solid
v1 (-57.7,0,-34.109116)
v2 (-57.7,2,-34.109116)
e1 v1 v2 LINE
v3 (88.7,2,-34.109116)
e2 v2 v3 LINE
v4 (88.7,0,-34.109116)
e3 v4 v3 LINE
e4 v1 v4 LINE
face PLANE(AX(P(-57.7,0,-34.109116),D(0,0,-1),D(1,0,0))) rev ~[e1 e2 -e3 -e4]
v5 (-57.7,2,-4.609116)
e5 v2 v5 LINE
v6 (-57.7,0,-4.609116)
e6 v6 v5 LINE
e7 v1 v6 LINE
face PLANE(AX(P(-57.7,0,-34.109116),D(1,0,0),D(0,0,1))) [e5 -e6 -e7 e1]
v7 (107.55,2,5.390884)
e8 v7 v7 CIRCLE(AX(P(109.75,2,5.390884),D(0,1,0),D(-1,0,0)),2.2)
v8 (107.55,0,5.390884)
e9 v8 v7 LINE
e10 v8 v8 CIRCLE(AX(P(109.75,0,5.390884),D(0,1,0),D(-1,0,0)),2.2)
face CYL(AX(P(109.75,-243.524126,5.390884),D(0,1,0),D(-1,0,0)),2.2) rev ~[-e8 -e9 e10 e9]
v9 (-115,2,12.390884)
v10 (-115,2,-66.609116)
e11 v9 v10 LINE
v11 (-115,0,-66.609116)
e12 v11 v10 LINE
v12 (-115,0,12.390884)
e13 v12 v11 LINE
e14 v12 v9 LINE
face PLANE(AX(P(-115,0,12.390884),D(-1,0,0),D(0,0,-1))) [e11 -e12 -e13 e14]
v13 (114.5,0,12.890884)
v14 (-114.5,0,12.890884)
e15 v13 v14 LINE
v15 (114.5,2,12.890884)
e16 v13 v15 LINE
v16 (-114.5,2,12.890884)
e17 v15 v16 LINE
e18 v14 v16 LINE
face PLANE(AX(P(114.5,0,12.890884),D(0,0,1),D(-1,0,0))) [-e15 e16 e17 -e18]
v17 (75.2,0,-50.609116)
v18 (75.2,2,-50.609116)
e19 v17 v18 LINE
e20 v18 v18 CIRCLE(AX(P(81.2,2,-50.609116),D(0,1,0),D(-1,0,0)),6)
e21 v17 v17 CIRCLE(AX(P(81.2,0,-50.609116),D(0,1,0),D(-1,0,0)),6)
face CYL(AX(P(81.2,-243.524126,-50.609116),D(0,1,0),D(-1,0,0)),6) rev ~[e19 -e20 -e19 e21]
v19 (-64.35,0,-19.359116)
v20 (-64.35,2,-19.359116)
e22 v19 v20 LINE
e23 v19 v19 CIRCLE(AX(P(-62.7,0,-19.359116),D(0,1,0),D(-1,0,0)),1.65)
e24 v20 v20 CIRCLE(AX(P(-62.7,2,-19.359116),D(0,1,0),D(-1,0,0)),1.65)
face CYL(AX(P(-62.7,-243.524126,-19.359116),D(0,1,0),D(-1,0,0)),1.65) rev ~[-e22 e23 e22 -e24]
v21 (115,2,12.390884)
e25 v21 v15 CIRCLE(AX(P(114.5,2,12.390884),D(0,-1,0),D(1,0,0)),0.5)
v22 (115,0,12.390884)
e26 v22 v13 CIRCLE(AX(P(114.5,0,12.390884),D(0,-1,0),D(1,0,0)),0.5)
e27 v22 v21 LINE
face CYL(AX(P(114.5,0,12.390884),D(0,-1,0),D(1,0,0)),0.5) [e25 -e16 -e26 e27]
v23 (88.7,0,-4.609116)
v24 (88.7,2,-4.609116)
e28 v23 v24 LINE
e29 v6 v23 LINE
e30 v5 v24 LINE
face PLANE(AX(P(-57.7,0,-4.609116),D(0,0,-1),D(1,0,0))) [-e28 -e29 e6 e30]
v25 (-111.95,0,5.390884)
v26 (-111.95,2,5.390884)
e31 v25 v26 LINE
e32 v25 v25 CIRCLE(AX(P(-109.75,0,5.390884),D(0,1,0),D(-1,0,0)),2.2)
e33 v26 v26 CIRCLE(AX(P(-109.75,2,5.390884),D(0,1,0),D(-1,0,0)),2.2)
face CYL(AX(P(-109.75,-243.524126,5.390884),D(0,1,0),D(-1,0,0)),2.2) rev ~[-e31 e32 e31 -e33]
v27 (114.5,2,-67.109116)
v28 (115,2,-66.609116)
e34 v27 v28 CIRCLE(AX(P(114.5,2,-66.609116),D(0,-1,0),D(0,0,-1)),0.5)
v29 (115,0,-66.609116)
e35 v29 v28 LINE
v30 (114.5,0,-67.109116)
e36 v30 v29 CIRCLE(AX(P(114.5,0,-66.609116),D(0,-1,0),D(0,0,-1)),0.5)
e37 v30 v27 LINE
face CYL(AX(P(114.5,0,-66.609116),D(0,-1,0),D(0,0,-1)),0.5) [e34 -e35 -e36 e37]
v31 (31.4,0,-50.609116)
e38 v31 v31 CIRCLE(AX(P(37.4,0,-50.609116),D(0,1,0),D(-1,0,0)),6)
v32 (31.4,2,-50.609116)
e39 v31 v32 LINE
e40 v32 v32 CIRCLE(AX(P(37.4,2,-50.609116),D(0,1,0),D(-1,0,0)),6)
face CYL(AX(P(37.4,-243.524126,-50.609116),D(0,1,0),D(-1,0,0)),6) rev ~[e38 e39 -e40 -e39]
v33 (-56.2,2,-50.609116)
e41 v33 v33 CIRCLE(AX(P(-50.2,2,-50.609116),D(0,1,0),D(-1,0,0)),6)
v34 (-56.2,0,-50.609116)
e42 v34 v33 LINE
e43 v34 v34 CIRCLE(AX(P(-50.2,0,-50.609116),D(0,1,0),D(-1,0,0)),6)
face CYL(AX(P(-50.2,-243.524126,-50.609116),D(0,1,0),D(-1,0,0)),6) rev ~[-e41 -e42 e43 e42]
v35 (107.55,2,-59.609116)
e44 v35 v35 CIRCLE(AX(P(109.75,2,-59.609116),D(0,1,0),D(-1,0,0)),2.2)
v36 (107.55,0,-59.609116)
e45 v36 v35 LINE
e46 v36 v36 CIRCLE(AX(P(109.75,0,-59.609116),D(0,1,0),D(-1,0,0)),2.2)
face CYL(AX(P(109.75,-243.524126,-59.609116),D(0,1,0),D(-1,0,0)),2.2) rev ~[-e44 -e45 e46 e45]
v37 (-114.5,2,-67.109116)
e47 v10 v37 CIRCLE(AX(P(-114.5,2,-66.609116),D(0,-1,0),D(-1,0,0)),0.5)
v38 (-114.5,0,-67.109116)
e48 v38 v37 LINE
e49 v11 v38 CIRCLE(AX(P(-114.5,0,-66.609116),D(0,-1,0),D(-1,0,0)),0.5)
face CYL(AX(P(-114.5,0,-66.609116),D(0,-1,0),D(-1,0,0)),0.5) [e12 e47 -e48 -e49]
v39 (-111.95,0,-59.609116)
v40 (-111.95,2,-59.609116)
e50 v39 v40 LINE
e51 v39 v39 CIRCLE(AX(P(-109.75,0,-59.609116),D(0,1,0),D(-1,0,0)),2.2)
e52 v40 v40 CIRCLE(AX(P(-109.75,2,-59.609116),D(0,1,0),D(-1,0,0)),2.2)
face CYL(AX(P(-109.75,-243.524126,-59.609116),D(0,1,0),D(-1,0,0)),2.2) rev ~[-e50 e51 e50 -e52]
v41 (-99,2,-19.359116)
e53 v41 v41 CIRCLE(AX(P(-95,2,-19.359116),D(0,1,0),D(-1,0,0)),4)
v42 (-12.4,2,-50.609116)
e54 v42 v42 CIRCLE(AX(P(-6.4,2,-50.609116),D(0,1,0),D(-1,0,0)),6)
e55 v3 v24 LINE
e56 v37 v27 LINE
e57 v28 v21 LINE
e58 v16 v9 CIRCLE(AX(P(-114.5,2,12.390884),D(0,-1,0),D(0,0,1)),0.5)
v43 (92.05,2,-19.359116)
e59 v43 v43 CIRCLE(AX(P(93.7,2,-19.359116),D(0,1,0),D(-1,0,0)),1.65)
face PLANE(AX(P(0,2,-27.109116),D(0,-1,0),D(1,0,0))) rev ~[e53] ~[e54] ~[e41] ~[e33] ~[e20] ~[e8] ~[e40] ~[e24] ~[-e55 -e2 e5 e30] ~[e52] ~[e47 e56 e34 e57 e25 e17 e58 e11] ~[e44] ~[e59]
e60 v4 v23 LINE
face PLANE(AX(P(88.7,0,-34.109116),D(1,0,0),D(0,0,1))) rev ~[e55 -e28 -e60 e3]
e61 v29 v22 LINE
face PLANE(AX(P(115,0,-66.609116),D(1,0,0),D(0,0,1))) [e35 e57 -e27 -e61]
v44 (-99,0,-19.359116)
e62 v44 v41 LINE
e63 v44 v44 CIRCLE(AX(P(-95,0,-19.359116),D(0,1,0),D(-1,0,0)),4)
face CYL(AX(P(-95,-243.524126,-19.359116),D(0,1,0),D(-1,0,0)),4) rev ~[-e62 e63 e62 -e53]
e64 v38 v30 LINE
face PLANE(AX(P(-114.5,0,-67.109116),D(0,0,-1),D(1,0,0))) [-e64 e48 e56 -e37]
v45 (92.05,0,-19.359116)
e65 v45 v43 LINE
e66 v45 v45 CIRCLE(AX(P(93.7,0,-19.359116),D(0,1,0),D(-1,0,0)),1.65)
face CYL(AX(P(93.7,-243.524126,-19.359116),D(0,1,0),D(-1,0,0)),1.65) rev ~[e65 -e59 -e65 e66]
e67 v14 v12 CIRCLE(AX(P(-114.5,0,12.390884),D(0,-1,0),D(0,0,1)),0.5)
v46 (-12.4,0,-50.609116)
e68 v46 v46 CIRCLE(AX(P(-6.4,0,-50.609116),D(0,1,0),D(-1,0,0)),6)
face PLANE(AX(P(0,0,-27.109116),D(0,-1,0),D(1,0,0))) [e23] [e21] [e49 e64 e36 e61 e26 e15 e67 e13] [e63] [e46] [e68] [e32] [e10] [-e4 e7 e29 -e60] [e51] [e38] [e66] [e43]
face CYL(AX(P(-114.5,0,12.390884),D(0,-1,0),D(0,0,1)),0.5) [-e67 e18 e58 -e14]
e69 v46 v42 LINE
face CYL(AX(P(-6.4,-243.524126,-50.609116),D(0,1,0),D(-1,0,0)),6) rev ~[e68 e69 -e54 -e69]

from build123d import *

# Parameters (mm, degrees)
F0_W     = 146.4
F0_H     = 29.5
F1_DEPTH = 2
F2_D     = 4.4
F3_D     = 3.3
F4_D     = 8
F5_D     = 12


with BuildPart() as f1:
    # F0 (on Front) → F1 (new body)
    with BuildSketch(Plane.XZ):
        with BuildLine():
            Line((114.5, 12.8908843005), (-114.5, 12.8908843005))
            ThreePointArc((-114.5, 12.8908843005), (-114.8535533906, 12.7444376911), (-115, 12.3908843005))
            Line((-115, 12.3908843005), (-115, -66.6091156995))
            ThreePointArc((-115, -66.6091156995), (-114.8535533906, -66.9626690901), (-114.5, -67.1091156995))
            Line((-114.5, -67.1091156995), (114.5, -67.1091156995))
            ThreePointArc((114.5, -67.1091156995), (114.8535533906, -66.9626690901), (115, -66.6091156995))
            Line((115, -66.6091156995), (115, 12.3908843005))
            ThreePointArc((115, 12.3908843005), (114.8535533906, 12.7444376911), (114.5, 12.8908843005))
        make_face()
        with Locations((15.5, -19.3591156995)):
            Rectangle(F0_W, F0_H, mode=Mode.SUBTRACT)
    extrude(amount=-F1_DEPTH)

    # F2 (through all)
    with Locations(Plane.XZ):
        with Locations((-109.75, 5.3908843005), (109.75, 5.3908843005), (109.75, -59.6091156995), (-109.75, -59.6091156995)):
            Hole(F2_D / 2)

    # F3 (through all)
    with Locations(Plane.XZ):
        with Locations((-62.7, -19.3591156995), (93.7, -19.3591156995)):
            Hole(F3_D / 2)

    # F4 (through all)
    with Locations(Plane.XZ):
        with Locations((-95, -19.3591156995)):
            Hole(F4_D / 2)

    # F5 (through all)
    with Locations(Plane.XZ):
        with Locations((-50.2, -50.6091156995), (-6.4, -50.6091156995), (37.4, -50.6091156995), (81.2, -50.6091156995)):
            Hole(F5_D / 2)


solid = f1.part
